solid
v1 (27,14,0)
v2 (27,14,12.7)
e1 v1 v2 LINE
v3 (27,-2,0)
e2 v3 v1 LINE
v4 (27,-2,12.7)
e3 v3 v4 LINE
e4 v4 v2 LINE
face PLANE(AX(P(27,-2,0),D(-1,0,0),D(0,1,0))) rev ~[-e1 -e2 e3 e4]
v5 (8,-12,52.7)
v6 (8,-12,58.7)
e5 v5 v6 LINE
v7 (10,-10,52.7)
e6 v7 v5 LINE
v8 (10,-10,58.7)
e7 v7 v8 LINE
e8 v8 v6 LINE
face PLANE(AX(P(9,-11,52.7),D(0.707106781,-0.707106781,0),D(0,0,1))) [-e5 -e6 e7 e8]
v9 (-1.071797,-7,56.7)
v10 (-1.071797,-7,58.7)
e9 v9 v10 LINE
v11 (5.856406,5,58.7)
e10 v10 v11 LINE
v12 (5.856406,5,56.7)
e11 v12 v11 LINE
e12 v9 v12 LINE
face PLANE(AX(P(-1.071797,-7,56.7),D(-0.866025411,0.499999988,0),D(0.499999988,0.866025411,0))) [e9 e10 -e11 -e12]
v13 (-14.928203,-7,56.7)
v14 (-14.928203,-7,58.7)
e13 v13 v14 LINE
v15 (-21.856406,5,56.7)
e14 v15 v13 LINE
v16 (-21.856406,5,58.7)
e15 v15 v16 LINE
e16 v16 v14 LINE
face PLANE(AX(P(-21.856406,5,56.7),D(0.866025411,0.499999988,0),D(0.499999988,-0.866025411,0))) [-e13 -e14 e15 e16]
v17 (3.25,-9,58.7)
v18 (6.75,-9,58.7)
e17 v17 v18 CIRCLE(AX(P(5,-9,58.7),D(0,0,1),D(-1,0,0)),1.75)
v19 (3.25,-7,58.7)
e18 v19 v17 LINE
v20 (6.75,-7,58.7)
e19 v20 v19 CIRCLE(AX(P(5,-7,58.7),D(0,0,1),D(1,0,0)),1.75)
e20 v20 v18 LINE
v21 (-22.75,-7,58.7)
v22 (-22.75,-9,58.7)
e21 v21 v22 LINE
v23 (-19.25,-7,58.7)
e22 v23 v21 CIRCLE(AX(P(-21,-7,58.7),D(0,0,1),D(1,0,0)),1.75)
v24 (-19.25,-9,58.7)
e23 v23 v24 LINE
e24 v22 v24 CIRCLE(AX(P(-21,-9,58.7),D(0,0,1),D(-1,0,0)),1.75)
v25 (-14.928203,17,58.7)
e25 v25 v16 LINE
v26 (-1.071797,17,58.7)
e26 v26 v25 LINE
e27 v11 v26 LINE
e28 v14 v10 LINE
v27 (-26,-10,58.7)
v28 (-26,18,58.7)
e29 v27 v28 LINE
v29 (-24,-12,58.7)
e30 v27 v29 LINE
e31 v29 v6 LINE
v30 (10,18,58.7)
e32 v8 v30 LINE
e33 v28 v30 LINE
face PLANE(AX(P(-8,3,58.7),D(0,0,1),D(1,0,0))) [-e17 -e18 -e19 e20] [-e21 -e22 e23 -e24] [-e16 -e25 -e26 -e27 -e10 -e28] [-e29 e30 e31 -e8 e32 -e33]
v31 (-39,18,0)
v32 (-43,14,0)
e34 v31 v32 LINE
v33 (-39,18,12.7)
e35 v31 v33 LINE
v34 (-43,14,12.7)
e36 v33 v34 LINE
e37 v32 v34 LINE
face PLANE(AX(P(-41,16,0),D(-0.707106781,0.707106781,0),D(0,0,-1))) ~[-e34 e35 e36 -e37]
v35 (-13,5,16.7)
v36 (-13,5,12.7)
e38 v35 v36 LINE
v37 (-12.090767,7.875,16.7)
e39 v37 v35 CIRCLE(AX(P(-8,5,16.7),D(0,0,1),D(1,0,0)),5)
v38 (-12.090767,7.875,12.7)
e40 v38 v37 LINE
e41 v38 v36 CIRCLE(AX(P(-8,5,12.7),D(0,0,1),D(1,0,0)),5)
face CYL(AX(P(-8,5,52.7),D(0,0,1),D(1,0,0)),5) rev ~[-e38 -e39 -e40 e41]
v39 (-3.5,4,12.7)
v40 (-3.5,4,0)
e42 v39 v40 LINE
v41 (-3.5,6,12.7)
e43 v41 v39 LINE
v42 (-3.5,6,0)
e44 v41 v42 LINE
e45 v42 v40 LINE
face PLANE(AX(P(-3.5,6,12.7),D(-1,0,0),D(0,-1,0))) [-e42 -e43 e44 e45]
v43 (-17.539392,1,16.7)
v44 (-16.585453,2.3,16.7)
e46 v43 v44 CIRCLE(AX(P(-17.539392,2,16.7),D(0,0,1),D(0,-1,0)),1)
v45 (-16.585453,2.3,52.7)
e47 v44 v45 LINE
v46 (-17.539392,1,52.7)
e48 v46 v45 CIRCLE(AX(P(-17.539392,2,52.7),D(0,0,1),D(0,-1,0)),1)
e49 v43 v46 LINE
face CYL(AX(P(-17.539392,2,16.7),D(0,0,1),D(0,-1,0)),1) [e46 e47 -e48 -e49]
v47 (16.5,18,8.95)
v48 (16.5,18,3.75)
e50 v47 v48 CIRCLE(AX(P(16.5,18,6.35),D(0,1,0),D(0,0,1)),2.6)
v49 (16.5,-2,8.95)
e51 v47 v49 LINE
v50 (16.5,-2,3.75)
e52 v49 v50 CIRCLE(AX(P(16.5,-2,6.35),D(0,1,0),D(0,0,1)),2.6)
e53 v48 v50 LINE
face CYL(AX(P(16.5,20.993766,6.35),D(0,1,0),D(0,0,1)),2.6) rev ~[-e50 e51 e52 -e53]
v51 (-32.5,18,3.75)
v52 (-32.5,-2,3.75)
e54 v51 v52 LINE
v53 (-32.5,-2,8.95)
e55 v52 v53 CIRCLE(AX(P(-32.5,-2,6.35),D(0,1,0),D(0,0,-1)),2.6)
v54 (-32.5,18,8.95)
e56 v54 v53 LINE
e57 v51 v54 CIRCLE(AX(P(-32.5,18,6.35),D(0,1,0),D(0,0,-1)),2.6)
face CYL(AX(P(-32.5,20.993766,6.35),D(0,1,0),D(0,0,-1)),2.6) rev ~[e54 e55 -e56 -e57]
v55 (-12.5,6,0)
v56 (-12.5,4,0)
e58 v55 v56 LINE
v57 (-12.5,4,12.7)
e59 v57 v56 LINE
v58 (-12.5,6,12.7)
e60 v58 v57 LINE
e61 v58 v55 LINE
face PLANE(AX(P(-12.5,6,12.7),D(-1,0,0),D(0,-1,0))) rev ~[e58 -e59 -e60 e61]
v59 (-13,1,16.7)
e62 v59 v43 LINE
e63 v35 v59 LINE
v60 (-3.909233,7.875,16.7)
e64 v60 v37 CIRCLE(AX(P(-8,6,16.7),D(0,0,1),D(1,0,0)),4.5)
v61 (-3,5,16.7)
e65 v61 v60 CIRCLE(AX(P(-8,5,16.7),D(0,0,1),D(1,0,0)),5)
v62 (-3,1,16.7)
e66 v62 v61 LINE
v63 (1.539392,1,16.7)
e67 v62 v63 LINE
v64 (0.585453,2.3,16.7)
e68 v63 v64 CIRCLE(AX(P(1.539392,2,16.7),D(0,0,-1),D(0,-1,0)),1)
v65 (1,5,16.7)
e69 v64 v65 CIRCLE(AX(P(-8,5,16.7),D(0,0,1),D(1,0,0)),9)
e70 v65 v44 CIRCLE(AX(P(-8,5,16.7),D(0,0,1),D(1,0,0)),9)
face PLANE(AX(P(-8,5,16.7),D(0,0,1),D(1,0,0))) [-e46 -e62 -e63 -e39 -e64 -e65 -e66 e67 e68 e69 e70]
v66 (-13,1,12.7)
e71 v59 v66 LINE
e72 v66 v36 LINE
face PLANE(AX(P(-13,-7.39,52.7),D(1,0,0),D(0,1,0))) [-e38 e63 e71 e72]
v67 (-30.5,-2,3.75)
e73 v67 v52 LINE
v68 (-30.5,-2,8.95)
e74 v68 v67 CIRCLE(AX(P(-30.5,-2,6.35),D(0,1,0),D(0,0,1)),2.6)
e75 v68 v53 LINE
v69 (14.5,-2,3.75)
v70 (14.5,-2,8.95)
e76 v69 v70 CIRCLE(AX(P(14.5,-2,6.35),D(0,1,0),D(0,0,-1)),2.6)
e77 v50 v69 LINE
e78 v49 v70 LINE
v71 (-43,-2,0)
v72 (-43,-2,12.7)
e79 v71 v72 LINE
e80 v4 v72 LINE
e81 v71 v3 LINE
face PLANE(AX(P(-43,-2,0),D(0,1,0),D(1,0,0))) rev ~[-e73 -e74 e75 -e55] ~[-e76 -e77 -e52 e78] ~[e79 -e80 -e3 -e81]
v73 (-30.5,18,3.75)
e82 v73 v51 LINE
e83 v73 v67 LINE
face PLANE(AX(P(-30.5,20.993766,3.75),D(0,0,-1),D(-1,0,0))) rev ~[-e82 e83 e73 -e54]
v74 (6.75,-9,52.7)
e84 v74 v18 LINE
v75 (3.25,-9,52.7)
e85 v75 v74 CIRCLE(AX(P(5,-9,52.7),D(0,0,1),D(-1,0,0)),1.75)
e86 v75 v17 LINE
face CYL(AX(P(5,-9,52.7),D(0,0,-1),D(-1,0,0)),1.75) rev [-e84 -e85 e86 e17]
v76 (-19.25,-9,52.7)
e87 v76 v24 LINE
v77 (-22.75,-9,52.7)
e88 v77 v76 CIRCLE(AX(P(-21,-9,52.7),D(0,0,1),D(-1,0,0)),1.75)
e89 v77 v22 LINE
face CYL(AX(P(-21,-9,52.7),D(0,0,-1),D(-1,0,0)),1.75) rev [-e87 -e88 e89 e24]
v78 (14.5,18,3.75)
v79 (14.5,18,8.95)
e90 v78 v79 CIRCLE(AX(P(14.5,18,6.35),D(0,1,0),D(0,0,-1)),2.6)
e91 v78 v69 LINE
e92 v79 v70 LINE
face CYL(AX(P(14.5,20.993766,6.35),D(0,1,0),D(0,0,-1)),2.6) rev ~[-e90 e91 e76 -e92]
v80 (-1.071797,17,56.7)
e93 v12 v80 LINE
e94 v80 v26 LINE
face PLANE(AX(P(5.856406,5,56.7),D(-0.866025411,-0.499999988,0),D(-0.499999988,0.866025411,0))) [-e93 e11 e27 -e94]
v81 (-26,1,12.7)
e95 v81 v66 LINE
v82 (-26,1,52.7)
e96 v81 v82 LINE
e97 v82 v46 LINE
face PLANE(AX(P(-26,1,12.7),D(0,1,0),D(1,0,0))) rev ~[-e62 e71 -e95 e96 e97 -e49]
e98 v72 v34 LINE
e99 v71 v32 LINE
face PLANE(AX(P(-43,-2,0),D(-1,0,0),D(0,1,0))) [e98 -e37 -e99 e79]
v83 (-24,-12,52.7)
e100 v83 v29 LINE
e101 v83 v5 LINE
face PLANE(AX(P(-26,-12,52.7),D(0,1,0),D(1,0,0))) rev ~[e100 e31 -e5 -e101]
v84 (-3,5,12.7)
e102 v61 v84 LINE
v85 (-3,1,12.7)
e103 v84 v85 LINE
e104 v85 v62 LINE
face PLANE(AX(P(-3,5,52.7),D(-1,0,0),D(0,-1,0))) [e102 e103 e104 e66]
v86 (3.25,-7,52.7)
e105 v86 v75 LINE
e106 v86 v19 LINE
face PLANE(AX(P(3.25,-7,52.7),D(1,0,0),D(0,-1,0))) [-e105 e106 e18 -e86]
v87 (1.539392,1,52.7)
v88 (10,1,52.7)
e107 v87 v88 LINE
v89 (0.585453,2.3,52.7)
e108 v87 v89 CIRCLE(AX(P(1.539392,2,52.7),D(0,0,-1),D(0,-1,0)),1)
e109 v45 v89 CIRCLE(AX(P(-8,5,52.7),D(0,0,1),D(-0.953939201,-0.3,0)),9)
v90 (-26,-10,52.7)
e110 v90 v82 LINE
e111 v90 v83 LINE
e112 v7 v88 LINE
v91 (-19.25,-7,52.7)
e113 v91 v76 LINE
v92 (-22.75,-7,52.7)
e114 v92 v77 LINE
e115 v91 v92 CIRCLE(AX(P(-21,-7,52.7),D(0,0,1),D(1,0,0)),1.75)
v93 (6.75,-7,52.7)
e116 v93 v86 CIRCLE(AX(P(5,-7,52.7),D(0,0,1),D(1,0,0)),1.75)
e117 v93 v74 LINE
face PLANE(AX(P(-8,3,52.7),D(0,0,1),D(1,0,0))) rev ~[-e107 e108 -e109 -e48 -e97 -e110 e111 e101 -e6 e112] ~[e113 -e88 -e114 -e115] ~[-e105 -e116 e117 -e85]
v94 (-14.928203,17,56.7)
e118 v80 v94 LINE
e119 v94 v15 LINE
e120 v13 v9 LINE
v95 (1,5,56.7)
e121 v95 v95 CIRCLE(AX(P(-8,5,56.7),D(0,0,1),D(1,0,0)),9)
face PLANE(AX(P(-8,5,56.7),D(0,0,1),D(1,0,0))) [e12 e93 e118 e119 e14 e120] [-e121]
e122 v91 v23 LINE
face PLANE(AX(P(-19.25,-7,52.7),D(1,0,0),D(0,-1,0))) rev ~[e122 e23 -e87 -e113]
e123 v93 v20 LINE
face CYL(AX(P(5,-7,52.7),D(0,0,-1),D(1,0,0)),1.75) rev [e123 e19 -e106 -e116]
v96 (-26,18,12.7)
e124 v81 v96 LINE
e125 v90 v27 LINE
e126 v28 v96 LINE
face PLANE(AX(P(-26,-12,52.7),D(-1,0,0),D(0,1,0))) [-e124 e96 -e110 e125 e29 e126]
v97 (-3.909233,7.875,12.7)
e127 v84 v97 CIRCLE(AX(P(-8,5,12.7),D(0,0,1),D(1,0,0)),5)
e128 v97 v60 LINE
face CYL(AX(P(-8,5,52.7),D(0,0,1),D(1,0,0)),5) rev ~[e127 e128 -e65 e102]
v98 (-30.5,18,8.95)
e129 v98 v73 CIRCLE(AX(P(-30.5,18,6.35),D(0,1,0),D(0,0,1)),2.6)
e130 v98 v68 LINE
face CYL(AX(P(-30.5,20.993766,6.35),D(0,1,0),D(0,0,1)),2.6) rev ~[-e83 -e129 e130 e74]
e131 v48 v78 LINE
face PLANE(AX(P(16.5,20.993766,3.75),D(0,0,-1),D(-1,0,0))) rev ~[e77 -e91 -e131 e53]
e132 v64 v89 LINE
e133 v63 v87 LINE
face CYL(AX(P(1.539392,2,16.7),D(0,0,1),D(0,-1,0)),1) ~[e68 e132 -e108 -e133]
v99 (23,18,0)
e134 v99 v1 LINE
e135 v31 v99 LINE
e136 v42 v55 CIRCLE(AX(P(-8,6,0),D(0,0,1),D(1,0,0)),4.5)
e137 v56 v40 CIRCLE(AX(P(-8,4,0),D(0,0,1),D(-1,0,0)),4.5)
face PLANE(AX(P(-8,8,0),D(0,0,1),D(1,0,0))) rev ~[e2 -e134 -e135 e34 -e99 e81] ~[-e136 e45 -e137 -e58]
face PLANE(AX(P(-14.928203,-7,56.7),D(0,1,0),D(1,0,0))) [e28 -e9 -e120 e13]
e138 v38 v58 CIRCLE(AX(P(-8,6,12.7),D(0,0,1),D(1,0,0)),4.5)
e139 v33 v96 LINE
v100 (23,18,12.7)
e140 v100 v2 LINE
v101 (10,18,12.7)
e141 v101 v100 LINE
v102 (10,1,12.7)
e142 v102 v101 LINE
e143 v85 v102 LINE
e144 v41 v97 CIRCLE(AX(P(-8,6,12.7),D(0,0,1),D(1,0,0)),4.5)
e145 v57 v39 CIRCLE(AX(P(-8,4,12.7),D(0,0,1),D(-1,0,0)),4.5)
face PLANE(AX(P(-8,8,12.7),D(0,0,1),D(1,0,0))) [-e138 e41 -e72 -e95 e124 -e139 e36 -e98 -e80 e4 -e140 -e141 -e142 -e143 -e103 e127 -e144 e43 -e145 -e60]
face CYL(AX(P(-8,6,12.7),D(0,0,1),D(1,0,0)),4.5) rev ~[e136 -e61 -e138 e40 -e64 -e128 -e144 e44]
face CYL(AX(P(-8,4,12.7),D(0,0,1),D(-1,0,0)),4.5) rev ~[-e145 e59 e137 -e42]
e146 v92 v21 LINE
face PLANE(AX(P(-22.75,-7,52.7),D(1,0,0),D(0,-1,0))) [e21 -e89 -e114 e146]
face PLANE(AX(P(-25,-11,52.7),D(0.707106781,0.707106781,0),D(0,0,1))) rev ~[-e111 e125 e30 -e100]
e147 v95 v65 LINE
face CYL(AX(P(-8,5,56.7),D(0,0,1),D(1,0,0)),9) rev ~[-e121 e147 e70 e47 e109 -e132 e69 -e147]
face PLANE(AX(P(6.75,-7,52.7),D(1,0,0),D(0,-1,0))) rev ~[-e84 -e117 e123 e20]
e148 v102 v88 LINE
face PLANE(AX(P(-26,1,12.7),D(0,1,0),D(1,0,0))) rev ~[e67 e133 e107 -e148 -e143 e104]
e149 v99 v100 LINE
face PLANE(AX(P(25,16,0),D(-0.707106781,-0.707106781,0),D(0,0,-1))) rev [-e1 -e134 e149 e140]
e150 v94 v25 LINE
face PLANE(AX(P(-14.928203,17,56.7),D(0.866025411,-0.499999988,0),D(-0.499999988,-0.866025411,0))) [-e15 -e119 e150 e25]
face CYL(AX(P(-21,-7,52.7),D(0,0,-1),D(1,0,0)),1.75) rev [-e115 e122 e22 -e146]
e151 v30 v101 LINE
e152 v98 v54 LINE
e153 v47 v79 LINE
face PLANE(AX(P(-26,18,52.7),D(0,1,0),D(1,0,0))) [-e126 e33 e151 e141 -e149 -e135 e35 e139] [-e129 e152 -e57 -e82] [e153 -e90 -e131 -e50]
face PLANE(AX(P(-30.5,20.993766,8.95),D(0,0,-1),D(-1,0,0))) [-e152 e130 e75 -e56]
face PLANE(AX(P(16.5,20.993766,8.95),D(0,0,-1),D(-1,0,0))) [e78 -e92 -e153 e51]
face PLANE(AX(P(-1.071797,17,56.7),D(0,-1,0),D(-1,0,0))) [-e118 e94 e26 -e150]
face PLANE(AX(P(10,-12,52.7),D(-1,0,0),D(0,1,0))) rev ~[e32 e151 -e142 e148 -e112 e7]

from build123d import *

# Parameters (mm, degrees)
SKETCH001_W          = 70
SKETCH001_H          = 20
PAD_DEPTH            = 12.7
SKETCH012_W          = 36
SKETCH012_H          = 17
PAD001_DEPTH         = 40
POCKET_DEPTH         = 40
POCKET001_DEPTH      = 22.994766
SKETCH007_W          = 36
SKETCH007_H          = 30
PAD002_DEPTH         = 6
POCKET002_DEPTH      = 2
POCKET003_DEPTH      = 22
POCKET003_DEPTH_BACK = -100
SKETCH013_R          = 9
POCKET004_DEPTH      = 40
FILLET_R             = 1
CHAMFER_SIZE         = 2
CHAMFER001_SIZE      = 4


with BuildPart() as part:
    # Sketch001 → Pad (new body)
    with BuildSketch(Plane.XY):
        with Locations((-8, 8)):
            Rectangle(SKETCH001_W, SKETCH001_H)
    extrude(amount=PAD_DEPTH)

    # Sketch012 (on Face6 of Pad) → Pad001 (join)
    with BuildSketch(Plane.XY.offset(12.7)):
        with Locations((-8, 9.5)):
            Rectangle(SKETCH012_W, SKETCH012_H)
    extrude(amount=PAD001_DEPTH)

    # Sketch005 → Pocket (cut)
    with BuildSketch(Plane.XY.offset(52.7)):
        with BuildLine():
            ThreePointArc((-3, 5), (-8, 10), (-13, 5))
            Line((-13, -7.39), (-13, 5))
            Line((-3, -7.39), (-13, -7.39))
            Line((-3, 5), (-3, -7.39))
        make_face()
    extrude(amount=-POCKET_DEPTH, mode=Mode.SUBTRACT)

    # Sketch010 → Pocket001 (cut, through all)
    with BuildSketch(Plane(origin=(0, 20.993766, 0), x_dir=(-1, 0, 0), z_dir=(0, 1, 0))):
        with BuildLine():
            ThreePointArc((-16.5, 8.95), (-19.1, 6.35), (-16.5, 3.75))
            Line((-16.5, 3.75), (-14.5, 3.75))
            ThreePointArc((-14.5, 3.75), (-11.9, 6.35), (-14.5, 8.95))
            Line((-16.5, 8.95), (-14.5, 8.95))
        make_face()
        with BuildLine():
            ThreePointArc((30.5, 8.95), (27.9, 6.35), (30.5, 3.75))
            Line((30.5, 3.75), (32.5, 3.75))
            ThreePointArc((32.5, 3.75), (35.1, 6.35), (32.5, 8.95))
            Line((30.5, 8.95), (32.5, 8.95))
        make_face()
    extrude(amount=-POCKET001_DEPTH, mode=Mode.SUBTRACT)

    # Sketch007 → Pad002 (join)
    with BuildSketch(Plane.XY.offset(52.7)):
        with Locations((-8, 3)):
            Rectangle(SKETCH007_W, SKETCH007_H)
        with BuildLine():
            ThreePointArc((-19.25, -7), (-21, -5.25), (-22.75, -7))
            Line((-22.75, -7), (-22.75, -9))
            ThreePointArc((-22.75, -9), (-21, -10.75), (-19.25, -9))
            Line((-19.25, -7), (-19.25, -9))
        make_face(mode=Mode.SUBTRACT)
        with BuildLine():
            ThreePointArc((6.75, -7), (5, -5.25), (3.25, -7))
            Line((3.25, -7), (3.25, -9))
            ThreePointArc((3.25, -9), (5, -10.75), (6.75, -9))
            Line((6.75, -7), (6.75, -9))
        make_face(mode=Mode.SUBTRACT)
    extrude(amount=PAD002_DEPTH)

    # Sketch008 → Pocket002 (cut)
    with BuildSketch(Plane.XY.offset(56.7)):
        Polygon((5.856406, 5), (-1.071797, 17), (-14.928203, 17), (-21.856406, 5), (-14.928203, -7), (-1.071797, -7), align=None)
    extrude(amount=POCKET002_DEPTH, mode=Mode.SUBTRACT)

    # Sketch006 → Pocket003 (cut, two sides)
    with BuildSketch(Plane.XY.offset(12.7)) as pocket003_sk:
        with BuildLine():
            ThreePointArc((-3.5, 6), (-8, 10.5), (-12.5, 6))
            Line((-12.5, 6), (-12.5, 4))
            ThreePointArc((-12.5, 4), (-8, -0.5), (-3.5, 4))
            Line((-3.5, 6), (-3.5, 4))
        make_face()
    extrude(amount=-POCKET003_DEPTH, mode=Mode.SUBTRACT)
    extrude(pocket003_sk.sketch, amount=-POCKET003_DEPTH_BACK, mode=Mode.SUBTRACT)

    # Sketch013 (on Face29 of Pocket003) → Pocket004 (cut)
    with BuildSketch(Plane.XY.offset(56.7)):
        with Locations((-8, 5)):
            Circle(SKETCH013_R)
    extrude(amount=-POCKET004_DEPTH, mode=Mode.SUBTRACT)

    # Fillet
    fillet_edges = [part.edges().sort_by_distance(p)[0] for p in [
        (0.062258, 1, 34.7),
        (-16.062258, 1, 34.7),
    ]]
    fillet(fillet_edges, radius=FILLET_R)

    # Chamfer
    chamfer_edges = [part.edges().sort_by_distance(p)[0] for p in [
        (10, -12, 55.7),
        (-26, -12, 55.7),
    ]]
    chamfer(chamfer_edges, length=CHAMFER_SIZE)

    # Chamfer001
    chamfer001_edges = [part.edges().sort_by_distance(p)[0] for p in [
        (-43, 18, 6.35),
        (27, 18, 6.35),
    ]]
    chamfer(chamfer001_edges, length=CHAMFER001_SIZE)


solid = part.part
